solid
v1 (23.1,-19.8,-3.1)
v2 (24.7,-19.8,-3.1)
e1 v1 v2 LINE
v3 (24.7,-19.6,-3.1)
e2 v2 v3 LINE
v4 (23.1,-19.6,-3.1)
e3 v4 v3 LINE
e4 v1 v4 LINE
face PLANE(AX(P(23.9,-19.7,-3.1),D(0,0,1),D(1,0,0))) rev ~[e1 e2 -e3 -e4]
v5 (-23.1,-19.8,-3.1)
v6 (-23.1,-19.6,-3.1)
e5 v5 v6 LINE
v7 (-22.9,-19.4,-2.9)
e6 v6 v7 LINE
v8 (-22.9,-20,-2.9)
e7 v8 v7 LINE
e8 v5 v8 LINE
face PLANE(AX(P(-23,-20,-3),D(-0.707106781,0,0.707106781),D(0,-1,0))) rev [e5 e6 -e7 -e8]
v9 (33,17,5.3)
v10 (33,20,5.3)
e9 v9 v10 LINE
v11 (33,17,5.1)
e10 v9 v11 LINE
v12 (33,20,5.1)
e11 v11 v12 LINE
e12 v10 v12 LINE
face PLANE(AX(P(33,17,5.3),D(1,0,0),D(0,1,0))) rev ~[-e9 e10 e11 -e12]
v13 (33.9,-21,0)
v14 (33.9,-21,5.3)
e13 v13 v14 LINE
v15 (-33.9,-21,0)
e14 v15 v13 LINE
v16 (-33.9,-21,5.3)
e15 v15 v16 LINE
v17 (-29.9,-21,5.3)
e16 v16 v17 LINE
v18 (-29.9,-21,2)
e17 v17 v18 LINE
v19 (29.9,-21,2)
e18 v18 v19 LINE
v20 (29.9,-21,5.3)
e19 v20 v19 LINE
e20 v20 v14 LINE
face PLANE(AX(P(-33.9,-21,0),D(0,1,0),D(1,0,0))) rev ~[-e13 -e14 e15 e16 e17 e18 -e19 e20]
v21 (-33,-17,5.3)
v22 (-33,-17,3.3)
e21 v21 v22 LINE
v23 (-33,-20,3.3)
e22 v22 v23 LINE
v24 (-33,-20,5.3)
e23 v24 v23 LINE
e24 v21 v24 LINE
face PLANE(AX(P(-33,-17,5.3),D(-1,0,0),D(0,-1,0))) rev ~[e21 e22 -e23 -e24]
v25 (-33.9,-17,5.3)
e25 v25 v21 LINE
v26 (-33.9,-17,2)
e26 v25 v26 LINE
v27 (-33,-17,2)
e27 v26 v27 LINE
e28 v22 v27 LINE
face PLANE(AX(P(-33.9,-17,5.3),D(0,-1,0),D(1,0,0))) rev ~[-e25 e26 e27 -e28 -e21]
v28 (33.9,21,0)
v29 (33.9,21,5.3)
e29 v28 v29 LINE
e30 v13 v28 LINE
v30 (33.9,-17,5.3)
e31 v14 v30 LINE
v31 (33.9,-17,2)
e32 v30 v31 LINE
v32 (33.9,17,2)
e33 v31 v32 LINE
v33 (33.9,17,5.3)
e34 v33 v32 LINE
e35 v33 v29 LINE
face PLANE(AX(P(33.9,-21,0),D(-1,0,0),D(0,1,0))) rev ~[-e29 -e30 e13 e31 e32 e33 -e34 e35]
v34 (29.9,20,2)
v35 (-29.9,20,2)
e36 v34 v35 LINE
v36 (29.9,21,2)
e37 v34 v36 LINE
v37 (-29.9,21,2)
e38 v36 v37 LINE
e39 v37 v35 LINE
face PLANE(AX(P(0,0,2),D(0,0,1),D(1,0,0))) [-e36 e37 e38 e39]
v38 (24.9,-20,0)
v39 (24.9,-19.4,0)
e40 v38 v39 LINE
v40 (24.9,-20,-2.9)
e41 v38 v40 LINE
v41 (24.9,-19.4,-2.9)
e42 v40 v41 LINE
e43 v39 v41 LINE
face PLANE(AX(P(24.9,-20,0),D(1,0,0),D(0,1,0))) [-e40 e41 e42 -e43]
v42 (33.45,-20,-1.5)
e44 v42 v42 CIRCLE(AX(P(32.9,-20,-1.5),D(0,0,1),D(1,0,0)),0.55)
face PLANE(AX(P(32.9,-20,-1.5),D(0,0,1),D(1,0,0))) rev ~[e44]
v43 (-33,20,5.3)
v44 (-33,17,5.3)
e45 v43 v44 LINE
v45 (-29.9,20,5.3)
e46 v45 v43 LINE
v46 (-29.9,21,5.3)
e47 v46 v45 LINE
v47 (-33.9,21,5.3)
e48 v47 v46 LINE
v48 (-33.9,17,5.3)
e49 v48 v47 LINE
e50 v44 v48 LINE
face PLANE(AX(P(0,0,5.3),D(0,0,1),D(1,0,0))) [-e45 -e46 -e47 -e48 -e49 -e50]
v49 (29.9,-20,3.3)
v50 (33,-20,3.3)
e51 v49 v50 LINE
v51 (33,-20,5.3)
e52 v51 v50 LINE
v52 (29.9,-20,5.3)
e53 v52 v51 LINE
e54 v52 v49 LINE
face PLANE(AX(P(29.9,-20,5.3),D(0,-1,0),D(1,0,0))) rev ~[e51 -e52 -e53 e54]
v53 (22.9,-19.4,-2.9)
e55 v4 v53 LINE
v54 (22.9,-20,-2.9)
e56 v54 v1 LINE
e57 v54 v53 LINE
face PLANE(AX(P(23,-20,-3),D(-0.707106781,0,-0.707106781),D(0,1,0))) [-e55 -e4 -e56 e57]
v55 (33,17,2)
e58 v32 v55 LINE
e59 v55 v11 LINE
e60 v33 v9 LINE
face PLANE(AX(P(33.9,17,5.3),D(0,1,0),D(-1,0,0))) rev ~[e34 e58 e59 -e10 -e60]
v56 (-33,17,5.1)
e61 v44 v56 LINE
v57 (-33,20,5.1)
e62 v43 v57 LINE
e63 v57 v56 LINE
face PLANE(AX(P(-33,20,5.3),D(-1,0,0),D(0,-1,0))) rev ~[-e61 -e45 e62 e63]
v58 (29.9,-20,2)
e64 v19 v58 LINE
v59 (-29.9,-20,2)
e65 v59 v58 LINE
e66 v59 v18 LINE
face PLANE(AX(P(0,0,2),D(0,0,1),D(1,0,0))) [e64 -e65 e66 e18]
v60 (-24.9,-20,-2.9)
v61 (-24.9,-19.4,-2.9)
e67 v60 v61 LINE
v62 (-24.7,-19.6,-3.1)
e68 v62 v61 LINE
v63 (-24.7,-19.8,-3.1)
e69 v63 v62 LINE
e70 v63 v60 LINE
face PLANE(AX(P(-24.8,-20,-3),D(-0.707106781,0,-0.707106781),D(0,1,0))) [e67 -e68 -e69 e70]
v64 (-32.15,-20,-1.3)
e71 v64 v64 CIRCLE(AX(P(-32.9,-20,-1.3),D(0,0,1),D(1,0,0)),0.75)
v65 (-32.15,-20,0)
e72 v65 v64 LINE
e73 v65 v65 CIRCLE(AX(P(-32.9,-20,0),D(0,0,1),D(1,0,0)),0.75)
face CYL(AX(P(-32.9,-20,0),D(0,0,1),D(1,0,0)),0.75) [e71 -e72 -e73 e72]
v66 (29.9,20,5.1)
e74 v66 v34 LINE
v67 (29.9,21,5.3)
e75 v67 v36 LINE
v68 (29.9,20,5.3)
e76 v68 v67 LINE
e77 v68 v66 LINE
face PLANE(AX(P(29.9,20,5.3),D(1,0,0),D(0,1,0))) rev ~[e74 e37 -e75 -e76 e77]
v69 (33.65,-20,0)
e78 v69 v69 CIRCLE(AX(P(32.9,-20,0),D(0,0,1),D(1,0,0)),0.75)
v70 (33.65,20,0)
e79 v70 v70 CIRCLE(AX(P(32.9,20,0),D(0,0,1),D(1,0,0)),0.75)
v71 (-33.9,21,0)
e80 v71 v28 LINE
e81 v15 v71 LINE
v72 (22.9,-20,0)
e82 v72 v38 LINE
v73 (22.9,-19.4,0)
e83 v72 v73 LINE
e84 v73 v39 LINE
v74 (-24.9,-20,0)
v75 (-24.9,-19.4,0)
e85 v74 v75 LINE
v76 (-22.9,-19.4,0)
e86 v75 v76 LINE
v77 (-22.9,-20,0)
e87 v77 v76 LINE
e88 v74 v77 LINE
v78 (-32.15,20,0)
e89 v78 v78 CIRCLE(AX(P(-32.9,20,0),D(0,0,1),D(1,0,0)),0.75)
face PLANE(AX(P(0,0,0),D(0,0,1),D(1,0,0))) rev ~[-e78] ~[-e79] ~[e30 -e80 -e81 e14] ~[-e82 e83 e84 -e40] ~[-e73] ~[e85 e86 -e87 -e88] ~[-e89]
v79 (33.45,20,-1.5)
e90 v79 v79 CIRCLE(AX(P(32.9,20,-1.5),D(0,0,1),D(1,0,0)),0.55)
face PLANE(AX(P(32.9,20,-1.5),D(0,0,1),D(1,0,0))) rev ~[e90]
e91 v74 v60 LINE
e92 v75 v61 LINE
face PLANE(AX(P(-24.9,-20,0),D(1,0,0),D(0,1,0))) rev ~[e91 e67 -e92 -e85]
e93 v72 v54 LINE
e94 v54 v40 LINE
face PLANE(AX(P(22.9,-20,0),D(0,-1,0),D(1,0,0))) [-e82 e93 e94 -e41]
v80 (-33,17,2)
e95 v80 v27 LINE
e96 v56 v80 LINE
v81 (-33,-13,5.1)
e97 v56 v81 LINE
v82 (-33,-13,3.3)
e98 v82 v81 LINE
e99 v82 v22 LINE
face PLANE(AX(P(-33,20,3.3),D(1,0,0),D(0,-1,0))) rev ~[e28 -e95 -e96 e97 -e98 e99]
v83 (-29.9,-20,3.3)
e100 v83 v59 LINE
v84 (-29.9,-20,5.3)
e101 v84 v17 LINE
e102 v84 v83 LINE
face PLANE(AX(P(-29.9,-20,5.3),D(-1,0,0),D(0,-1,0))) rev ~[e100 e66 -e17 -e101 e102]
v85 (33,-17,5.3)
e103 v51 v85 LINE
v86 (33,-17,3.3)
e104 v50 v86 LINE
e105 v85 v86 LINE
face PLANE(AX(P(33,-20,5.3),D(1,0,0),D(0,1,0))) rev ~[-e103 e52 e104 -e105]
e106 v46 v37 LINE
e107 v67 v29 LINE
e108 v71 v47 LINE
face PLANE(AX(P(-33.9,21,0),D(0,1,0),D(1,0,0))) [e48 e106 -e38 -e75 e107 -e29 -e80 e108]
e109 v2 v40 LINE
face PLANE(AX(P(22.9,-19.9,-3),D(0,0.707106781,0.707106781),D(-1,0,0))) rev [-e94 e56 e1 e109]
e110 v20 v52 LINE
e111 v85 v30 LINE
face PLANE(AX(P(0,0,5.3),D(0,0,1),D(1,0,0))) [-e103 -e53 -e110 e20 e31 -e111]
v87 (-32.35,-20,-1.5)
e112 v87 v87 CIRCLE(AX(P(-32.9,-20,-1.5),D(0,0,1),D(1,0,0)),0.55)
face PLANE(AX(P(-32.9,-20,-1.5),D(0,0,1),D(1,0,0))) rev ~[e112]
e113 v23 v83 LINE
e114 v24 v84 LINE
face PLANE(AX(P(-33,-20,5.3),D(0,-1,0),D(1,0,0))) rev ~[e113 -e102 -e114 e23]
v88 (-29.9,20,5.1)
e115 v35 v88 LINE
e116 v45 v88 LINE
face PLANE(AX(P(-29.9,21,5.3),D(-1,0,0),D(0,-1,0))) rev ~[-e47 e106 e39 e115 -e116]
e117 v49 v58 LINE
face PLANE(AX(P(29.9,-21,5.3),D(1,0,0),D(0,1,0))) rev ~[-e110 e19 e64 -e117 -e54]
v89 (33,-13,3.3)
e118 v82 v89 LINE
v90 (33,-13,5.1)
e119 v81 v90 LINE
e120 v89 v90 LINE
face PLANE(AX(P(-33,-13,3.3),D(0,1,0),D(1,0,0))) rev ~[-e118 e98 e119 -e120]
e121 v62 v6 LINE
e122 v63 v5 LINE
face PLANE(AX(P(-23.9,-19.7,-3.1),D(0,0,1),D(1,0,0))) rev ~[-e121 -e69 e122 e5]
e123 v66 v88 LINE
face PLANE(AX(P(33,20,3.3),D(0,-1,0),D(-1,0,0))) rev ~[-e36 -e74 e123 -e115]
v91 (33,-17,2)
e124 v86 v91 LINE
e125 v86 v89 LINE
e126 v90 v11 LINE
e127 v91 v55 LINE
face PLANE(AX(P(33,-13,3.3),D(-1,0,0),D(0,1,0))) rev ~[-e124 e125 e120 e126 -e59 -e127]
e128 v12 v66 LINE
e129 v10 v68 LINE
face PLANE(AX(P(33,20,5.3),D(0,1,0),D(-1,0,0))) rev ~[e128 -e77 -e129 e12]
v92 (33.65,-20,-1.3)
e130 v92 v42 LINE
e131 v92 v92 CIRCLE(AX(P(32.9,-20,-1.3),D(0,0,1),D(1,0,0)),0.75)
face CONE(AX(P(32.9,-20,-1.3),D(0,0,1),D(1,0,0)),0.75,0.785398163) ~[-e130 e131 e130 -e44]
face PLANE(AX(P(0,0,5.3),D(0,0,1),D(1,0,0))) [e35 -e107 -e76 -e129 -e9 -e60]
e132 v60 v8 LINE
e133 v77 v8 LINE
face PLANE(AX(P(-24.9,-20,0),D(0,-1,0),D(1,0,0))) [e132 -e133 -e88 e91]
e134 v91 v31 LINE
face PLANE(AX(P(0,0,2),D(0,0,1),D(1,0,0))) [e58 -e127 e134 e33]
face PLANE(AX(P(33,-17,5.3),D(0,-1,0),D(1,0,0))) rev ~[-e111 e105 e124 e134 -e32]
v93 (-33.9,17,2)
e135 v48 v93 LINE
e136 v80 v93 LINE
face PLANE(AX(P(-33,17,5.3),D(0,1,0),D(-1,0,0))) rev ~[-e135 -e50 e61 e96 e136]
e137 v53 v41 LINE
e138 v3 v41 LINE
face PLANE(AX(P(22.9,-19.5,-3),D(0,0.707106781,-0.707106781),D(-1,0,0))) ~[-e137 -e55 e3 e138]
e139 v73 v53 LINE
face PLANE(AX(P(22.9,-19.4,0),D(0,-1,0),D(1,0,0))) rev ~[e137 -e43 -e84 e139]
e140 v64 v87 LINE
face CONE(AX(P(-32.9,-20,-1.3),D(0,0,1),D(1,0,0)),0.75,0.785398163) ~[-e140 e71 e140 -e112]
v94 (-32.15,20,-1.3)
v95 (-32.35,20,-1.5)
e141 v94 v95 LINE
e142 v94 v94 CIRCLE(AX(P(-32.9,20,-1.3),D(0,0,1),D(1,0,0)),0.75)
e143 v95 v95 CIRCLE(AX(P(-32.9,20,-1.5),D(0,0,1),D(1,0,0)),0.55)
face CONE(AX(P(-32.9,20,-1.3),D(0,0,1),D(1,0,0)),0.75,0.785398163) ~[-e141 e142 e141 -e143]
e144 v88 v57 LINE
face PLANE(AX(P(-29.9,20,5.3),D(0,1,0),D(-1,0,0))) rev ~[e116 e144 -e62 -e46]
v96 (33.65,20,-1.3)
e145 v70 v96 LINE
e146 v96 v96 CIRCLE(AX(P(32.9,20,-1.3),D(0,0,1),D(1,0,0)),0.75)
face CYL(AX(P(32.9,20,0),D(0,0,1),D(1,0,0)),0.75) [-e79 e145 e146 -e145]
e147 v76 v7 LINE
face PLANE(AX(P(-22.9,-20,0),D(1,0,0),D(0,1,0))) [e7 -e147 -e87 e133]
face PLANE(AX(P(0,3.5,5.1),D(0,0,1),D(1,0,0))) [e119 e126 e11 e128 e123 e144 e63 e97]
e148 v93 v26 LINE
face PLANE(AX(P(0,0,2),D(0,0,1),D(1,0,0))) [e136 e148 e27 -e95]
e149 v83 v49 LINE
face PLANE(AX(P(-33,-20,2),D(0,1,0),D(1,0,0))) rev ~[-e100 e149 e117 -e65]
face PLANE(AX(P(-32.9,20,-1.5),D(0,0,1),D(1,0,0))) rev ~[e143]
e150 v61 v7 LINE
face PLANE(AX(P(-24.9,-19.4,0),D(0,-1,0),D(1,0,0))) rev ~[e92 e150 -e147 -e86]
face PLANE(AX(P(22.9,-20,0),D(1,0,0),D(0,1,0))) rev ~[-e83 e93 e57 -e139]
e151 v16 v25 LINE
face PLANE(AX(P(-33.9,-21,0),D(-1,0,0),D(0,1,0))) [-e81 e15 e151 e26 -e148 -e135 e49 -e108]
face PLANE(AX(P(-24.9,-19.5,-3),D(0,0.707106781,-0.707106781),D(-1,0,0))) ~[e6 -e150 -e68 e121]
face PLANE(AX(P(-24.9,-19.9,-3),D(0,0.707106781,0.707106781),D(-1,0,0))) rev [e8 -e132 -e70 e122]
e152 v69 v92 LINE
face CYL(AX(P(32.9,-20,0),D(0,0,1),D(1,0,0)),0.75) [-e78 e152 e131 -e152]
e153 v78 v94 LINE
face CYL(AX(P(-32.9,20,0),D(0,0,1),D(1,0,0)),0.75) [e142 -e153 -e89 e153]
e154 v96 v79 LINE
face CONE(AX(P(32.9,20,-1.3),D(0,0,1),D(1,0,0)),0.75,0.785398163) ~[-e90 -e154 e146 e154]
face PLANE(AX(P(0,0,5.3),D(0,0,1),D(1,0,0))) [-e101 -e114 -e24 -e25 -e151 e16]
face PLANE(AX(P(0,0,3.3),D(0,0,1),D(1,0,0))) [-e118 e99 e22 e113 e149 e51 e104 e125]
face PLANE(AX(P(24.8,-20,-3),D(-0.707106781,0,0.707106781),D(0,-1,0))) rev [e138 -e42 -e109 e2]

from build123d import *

# Parameters (mm, degrees)
F0_W     = 67.8
F0_H     = 42
F0_R     = 0.75
F0_W_2   = 2
F0_H_2   = 0.6
F1_DEPTH = 5.3
F2_DEPTH = 1.5
F3_DEPTH = 3.1
F5_DEPTH = 3.3
F7_DEPTH = 1.3
F9_DEPTH = 1.8
F10_SIZE = 0.2


with BuildPart() as f1:
    # F0 (on Top) → F1 (new body)
    with BuildSketch(Plane.XY):
        Rectangle(F0_W, F0_H)
        with Locations((-32.9, -20)):
            Circle(F0_R, mode=Mode.SUBTRACT)
        with Locations((-23.9, -19.7)):
            Rectangle(F0_W_2, F0_H_2, mode=Mode.SUBTRACT)
        with Locations((23.9, -19.7)):
            Rectangle(F0_W_2, F0_H_2, mode=Mode.SUBTRACT)
        with Locations((32.9, -20)):
            Circle(F0_R, mode=Mode.SUBTRACT)
        with Locations((-32.9, 20)):
            Circle(F0_R, mode=Mode.SUBTRACT)
        with Locations((32.9, 20)):
            Circle(F0_R, mode=Mode.SUBTRACT)
        with Locations((32.9, 20)):
            Circle(F0_R)
        with Locations((32.9, -20)):
            Circle(F0_R)
        with Locations((-32.9, 20)):
            Circle(F0_R)
        with Locations((-32.9, -20)):
            Circle(F0_R)
        with Locations((-23.9, -19.7)):
            Rectangle(F0_W_2, F0_H_2)
        with Locations((23.9, -19.7)):
            Rectangle(F0_W_2, F0_H_2)
    extrude(amount=F1_DEPTH)

    # F0 (on Top) → F2 (join)
    with BuildSketch(Plane.XY):
        with Locations((-32.9, -20)):
            Circle(F0_R)
        with Locations((32.9, -20)):
            Circle(F0_R)
        with Locations((32.9, 20)):
            Circle(F0_R)
        with Locations((-32.9, 20)):
            Circle(F0_R)
    extrude(amount=-F2_DEPTH)

    # F0 (on Top) → F3 (join)
    with BuildSketch(Plane.XY):
        with Locations((-23.9, -19.7)):
            Rectangle(F0_W_2, F0_H_2)
        with Locations((23.9, -19.7)):
            Rectangle(F0_W_2, F0_H_2)
    extrude(amount=-F3_DEPTH)

    # F4 (on face) → F5 (cut)
    with BuildSketch(Plane.XY.offset(5.3)):
        Polygon((33, 17), (33, 20), (29.9, 20), (29.9, 21), (-29.9, 21), (-29.9, 20), (-33, 20), (-33, 17), (-33.9, 17), (-33.9, -17), (-33, -17), (-33, -20), (-29.9, -20), (-29.9, -21), (29.9, -21), (29.9, -20), (33, -20), (33, -17), (33.9, -17), (33.9, 17), align=None)
    extrude(amount=-F5_DEPTH, mode=Mode.SUBTRACT)

    # F6 (on face) → F7 (join)
    with BuildSketch(Plane.XY.offset(2)):
        Polygon((33, 17), (33, 20), (29.9, 20), (-29.9, 20), (-33, 20), (-33, 17), (-33, -17), (-33, -20), (-29.9, -20), (29.9, -20), (33, -20), (33, -17), align=None)
    extrude(amount=F7_DEPTH)

    # F8 (on face) → F9 (join)
    with BuildSketch(Plane.XY.offset(3.3)):
        Polygon((-29.9, 20), (-33, 20), (-33, 17), (-33, -13), (33, -13), (33, 17), (33, 20), (29.9, 20), align=None)
    extrude(amount=F9_DEPTH)

    # F10
    f10_edges = [f1.edges().sort_by_distance(p)[0] for p in [
        (-33.65, -20, -1.5),
        (-23.9, -20, -3.1),
        (-22.9, -19.7, -3.1),
        (-23.9, -19.4, -3.1),
        (-24.9, -19.7, -3.1),
        (23.9, -19.4, -3.1),
        (22.9, -19.7, -3.1),
        (23.9, -20, -3.1),
        (24.9, -19.7, -3.1),
        (32.15, -20, -1.5),
        (32.15, 20, -1.5),
        (-33.65, 20, -1.5),
    ]]
    chamfer(f10_edges, length=F10_SIZE)


solid = f1.part
